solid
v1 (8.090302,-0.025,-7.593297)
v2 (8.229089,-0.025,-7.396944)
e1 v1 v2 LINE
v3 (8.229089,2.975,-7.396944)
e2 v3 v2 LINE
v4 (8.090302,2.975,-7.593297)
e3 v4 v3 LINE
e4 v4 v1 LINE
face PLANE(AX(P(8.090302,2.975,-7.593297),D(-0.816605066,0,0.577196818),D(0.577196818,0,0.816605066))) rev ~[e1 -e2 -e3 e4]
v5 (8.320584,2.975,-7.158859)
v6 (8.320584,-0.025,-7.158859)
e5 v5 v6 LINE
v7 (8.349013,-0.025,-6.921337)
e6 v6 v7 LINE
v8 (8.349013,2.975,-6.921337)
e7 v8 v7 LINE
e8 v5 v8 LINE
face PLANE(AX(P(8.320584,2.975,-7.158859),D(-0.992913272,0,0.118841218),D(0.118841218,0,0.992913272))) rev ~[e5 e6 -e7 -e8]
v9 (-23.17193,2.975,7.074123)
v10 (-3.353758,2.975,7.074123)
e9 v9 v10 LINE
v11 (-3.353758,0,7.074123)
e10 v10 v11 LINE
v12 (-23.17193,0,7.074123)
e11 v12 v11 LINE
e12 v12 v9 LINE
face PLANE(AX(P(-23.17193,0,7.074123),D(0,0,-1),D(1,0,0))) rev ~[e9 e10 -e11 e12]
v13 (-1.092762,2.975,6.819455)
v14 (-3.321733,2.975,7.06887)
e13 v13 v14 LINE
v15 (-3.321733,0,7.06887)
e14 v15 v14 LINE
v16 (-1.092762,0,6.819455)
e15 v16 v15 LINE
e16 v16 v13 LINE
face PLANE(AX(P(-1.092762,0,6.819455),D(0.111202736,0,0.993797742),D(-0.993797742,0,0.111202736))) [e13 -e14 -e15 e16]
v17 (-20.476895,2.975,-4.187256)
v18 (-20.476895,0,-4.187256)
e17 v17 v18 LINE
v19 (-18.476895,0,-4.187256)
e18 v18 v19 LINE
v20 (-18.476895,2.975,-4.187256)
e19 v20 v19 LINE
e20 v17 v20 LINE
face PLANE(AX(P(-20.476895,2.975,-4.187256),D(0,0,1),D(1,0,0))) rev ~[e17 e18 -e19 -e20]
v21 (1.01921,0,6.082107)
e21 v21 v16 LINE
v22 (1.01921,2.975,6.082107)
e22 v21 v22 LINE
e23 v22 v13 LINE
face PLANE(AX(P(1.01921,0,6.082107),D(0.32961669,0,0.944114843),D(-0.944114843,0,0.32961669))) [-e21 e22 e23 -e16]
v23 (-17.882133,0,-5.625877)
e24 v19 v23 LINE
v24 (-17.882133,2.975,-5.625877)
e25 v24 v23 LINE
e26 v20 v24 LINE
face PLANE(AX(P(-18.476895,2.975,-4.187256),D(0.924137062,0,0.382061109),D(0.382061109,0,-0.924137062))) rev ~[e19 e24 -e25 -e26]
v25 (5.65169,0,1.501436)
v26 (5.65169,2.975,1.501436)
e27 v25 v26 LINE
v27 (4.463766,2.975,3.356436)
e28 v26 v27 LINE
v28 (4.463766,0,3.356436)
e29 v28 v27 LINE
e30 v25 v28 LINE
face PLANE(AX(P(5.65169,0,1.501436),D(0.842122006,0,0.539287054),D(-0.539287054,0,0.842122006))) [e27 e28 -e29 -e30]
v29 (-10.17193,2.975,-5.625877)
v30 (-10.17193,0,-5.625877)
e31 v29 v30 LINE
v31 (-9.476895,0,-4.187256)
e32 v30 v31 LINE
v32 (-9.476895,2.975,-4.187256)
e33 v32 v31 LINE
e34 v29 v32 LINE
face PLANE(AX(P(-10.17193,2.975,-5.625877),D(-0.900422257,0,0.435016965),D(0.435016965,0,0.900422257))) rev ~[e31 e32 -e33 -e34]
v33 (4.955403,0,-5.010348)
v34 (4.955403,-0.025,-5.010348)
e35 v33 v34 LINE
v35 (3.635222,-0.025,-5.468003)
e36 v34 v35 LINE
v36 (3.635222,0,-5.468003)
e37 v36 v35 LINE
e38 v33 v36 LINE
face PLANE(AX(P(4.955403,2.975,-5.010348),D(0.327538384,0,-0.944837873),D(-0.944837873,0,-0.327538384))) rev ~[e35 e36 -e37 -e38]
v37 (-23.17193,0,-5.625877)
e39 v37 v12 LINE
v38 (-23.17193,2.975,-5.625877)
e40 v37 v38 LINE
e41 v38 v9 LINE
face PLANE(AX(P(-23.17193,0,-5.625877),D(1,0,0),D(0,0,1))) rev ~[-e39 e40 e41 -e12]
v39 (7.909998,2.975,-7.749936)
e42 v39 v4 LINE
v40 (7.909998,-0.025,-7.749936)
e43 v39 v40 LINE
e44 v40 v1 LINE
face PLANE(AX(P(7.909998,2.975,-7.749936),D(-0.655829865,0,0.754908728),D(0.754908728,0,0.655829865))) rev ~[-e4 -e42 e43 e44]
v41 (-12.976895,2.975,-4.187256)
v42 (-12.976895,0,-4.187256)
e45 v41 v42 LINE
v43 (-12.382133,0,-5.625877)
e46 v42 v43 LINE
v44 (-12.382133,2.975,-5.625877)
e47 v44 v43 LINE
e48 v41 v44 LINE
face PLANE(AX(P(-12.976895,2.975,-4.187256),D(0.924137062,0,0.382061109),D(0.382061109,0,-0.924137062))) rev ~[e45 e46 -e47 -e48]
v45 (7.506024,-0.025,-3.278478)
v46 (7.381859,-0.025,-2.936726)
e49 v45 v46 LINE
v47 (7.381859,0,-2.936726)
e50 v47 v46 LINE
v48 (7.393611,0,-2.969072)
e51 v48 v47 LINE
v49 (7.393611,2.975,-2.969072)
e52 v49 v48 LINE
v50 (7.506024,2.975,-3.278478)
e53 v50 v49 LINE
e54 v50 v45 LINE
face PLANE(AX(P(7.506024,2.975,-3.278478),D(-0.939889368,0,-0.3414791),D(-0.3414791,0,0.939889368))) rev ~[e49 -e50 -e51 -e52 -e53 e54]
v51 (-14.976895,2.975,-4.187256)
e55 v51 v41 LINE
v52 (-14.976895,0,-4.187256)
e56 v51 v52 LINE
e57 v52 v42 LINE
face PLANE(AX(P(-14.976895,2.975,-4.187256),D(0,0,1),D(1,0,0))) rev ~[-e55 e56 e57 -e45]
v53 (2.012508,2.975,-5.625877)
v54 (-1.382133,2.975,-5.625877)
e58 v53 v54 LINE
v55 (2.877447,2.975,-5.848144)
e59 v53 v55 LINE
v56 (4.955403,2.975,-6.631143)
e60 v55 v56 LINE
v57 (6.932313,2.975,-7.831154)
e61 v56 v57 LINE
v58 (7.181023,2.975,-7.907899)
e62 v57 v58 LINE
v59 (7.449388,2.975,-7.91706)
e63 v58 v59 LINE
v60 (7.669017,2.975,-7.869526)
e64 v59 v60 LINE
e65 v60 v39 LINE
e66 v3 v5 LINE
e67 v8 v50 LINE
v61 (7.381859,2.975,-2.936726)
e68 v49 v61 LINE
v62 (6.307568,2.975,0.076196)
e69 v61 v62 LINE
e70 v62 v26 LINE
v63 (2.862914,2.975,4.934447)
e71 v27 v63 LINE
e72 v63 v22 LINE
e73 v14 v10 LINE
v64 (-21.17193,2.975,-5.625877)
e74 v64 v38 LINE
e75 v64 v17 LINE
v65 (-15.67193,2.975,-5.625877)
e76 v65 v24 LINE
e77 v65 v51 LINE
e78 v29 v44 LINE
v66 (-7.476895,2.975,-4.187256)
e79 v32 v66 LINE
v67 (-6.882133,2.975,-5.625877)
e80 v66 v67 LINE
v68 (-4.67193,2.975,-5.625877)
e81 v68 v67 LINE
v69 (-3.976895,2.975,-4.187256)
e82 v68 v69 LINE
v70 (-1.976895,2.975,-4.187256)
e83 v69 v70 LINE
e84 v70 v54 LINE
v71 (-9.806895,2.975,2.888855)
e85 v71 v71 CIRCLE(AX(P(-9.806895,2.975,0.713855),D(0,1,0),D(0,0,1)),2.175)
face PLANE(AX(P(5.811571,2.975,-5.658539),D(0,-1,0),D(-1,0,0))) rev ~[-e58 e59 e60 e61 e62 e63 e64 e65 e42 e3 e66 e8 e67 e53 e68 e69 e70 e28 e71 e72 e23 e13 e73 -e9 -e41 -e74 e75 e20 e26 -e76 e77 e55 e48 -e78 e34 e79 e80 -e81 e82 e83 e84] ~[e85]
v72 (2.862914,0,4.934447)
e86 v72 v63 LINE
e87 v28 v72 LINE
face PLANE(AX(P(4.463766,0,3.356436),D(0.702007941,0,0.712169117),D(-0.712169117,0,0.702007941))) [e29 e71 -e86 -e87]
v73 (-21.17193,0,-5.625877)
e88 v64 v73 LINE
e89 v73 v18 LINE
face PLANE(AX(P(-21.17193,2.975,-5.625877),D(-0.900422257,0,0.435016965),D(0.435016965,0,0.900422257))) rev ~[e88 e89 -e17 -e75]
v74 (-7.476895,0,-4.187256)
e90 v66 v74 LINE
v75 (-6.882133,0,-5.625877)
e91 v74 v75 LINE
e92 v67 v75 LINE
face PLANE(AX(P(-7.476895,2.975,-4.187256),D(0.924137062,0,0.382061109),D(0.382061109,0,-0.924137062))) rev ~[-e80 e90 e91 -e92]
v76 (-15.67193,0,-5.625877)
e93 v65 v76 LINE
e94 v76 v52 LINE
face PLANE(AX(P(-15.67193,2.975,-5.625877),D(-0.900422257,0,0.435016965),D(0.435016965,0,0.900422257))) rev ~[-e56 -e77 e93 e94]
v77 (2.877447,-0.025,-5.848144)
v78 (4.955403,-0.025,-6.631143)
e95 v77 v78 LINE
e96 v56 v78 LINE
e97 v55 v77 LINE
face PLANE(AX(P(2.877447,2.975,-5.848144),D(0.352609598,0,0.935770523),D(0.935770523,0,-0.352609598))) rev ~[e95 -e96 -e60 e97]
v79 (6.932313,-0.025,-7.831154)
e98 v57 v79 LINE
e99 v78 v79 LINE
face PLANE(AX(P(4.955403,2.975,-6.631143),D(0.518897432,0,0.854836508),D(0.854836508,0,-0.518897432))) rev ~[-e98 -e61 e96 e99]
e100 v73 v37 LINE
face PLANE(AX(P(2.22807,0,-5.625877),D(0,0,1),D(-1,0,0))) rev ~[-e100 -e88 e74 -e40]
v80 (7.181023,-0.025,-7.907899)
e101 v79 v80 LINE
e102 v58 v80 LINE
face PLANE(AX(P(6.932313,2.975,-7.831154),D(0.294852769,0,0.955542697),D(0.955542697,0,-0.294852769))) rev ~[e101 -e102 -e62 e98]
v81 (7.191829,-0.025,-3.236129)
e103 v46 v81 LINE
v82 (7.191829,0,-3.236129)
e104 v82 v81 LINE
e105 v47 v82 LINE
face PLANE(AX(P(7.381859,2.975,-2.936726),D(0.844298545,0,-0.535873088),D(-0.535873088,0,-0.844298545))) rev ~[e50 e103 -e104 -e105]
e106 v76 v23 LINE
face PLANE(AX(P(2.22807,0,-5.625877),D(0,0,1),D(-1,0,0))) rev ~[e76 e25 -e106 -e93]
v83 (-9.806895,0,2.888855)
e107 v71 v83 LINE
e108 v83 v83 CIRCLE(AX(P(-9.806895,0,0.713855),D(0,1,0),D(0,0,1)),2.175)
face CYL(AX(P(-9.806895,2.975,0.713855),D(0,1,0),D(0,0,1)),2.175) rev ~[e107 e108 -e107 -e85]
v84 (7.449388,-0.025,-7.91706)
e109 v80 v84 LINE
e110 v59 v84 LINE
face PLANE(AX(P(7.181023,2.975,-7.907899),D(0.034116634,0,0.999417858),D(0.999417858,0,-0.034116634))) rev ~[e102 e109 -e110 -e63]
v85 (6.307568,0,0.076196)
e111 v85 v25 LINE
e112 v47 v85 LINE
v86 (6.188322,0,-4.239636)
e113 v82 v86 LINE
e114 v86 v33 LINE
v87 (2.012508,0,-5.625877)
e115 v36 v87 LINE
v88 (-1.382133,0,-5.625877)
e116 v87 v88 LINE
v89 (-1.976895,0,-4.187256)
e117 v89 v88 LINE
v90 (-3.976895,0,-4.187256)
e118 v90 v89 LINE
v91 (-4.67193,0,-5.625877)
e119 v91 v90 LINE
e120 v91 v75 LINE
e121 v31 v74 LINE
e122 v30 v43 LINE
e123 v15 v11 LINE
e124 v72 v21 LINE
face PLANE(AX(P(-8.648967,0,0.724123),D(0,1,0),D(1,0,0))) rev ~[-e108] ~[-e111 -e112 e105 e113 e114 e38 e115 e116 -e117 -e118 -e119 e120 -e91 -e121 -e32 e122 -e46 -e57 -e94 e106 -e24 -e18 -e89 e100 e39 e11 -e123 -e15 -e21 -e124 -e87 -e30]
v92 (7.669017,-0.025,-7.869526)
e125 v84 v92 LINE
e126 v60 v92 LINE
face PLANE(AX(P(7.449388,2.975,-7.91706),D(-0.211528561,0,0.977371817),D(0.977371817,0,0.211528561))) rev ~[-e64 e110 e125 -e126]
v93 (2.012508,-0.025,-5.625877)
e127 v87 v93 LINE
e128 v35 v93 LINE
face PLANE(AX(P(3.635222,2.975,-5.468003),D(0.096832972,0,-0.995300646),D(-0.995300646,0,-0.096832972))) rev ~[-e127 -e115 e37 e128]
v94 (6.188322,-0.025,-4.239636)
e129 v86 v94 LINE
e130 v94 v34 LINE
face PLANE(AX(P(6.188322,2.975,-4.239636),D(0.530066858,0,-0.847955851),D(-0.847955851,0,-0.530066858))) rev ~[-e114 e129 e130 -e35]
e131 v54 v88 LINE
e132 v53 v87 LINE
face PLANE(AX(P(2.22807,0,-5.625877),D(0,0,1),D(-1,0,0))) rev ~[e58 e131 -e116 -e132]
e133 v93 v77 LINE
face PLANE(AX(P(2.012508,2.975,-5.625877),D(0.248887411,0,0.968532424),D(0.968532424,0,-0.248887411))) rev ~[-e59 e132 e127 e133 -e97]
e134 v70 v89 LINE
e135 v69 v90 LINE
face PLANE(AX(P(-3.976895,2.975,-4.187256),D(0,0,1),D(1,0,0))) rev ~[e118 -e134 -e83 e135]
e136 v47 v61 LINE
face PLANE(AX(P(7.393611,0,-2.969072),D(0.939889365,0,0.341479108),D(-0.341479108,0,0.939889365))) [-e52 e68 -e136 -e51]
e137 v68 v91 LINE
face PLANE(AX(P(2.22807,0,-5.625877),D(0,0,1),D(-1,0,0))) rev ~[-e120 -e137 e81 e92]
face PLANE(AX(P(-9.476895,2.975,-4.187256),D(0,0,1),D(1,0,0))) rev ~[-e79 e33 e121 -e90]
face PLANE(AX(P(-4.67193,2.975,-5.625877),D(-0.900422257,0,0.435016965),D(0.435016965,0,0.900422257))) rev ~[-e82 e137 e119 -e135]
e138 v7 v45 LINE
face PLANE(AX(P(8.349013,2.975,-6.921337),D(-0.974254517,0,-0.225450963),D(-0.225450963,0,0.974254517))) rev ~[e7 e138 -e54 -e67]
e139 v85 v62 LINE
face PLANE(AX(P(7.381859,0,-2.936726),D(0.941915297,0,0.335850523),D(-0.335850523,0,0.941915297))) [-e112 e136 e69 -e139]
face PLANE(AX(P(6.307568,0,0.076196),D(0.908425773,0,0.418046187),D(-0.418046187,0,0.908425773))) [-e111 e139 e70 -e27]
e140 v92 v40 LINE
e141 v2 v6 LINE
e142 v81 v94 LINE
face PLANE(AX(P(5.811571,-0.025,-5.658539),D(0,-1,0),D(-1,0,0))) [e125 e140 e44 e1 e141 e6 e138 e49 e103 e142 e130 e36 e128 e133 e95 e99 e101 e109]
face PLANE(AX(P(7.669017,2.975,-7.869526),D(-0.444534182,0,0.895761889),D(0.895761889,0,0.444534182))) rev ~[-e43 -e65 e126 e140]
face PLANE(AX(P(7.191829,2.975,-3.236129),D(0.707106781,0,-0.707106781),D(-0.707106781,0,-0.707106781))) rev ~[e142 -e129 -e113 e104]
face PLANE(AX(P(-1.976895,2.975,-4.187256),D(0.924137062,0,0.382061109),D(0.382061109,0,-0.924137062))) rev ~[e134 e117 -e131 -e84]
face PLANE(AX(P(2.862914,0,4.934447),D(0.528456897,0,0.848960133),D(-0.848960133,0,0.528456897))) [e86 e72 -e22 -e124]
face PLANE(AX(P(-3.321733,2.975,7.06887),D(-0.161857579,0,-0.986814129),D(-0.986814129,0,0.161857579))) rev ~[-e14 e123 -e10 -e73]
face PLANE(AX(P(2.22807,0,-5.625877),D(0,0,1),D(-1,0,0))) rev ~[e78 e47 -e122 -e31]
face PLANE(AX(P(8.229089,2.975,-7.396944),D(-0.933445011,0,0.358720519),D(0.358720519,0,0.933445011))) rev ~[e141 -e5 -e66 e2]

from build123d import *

# Parameters (mm, degrees)
BOSS_EXTRUDE1_DEPTH = 2.975
SKETCH3_R           = 2.175
CUT_EXTRUDE1_DEPTH  = 10
BOSS_EXTRUDE2_DEPTH = 3
CUT_EXTRUDE4_DEPTH  = 3
CUT_EXTRUDE5_DEPTH  = 3
CUT_EXTRUDE6_DEPTH  = 3
CUT_EXTRUDE7_DEPTH  = 3


with BuildPart() as part:
    # Sketch1 → Boss-Extrude1 (new body)
    with BuildSketch(Plane(origin=(0, 0, 0), x_dir=(1, 0, 0), z_dir=(0, 1, 0))):
        with BuildLine():
            Line((-23.171929825, 5.625877193), (-23.171929825, -7.074122807))
            Line((-23.171929825, -7.074122807), (2.228070175, -7.074122807))
            ThreePointArc((2.228070175, -7.074122807), (8.578070175, -0.724122807), (2.228070175, 5.625877193))
            Line((2.228070175, 5.625877193), (-23.171929825, 5.625877193))
        make_face()
    extrude(amount=BOSS_EXTRUDE1_DEPTH)

    # Sketch3 → Cut-Extrude1 (cut)
    with BuildSketch(Plane(origin=(0, 2.975, 0), x_dir=(1, 0, 0), z_dir=(0, 1, 0))):
        Polygon((-17.882133224, 5.625877193), (-21.171929825, 5.625877193), (-20.476894991, 4.187255521), (-18.476894991, 4.187255521), align=None)
        Polygon((-12.382133224, 5.625877193), (-15.671929825, 5.625877193), (-14.976894991, 4.187255521), (-12.976894991, 4.187255521), align=None)
        Polygon((-6.882133224, 5.625877193), (-10.171929825, 5.625877193), (-9.476894991, 4.187255521), (-7.476894991, 4.187255521), align=None)
        Polygon((-1.382133224, 5.625877193), (-4.671929825, 5.625877193), (-3.976894991, 4.187255521), (-1.976894991, 4.187255521), align=None)
        with Locations(Location((-9.806894991, -0.713854538, 0), (0, 0, 270))):
            Circle(SKETCH3_R)
    extrude(amount=-CUT_EXTRUDE1_DEPTH, mode=Mode.SUBTRACT)

    # Sketch4 → Boss-Extrude2 (add)
    with BuildSketch(Plane(origin=(0, 2.975, 0), x_dir=(1, 0, 0), z_dir=(0, 1, 0))):
        Polygon((2.012508497, 5.625877193), (2.877447204, 5.848143738), (4.955403332, 6.631142622), (6.932313313, 7.831153974), (7.181023471, 7.907898717), (7.449388225, 7.917059752), (7.669017249, 7.869526346), (7.909998428, 7.749936115), (8.090301913, 7.593296768), (8.229089145, 7.396943716), (8.320584378, 7.15885929), (8.349013293, 6.921336926), (7.506024116, 3.278478183), (7.381859278, 2.936726049), (7.191829205, 3.236129243), (6.188322225, 4.239636223), (4.955403332, 5.010347862), (3.635222185, 5.468003098), align=None)
    extrude(amount=-BOSS_EXTRUDE2_DEPTH)

    # Sketch5 → Cut-Extrude4 (cut)
    with BuildSketch(Plane.XZ):
        Polygon((7.381859278, -2.936726049), (6.307567975, 0.076195893), (5.651690171, 1.50143626), (4.463765556, 3.356436211), (2.862913669, 4.934447261), (1.01921029, 6.082107474), (-1.092761509, 6.819455434), (-3.321732513, 7.068870042), (2.228070175, 7.074122807), (3.760260473, 6.886500018), (5.204465919, 6.333362361), (6.48158413, 5.439005525), (7.484091138, 4.287371835), (8.1884819, 2.914098165), (8.543501486, 1.385808052), (8.521355854, -0.122668414), (8.123713387, -1.634667375), (7.393611108, -2.969071864), align=None)
    extrude(amount=-CUT_EXTRUDE4_DEPTH, mode=Mode.SUBTRACT)

    # Sketch8 → Cut-Extrude5 (cut)
    with BuildSketch(Plane.XZ):
        Polygon((7.393611108, -2.969071864), (4.817266947, 7.178326075), (13.149056149, 1.259568719), align=None)
    extrude(amount=-CUT_EXTRUDE5_DEPTH, mode=Mode.SUBTRACT)

    # Sketch9 → Cut-Extrude6 (cut)
    with BuildSketch(Plane(origin=(0, 2.975, 0), x_dir=(1, 0, 0), z_dir=(0, 1, 0))):
        Polygon((-2.812690859, -7.210619116), (5.027177804, -8.631982179), (5.504181298, -6.000955074), align=None)
    extrude(amount=-CUT_EXTRUDE6_DEPTH, mode=Mode.SUBTRACT)

    # Sketch10 → Cut-Extrude7 (cut)
    with BuildSketch(Plane(origin=(0, 2.975, 0), x_dir=(1, 0, 0), z_dir=(0, 1, 0))):
        Polygon((-3.321732513, -7.068870042), (-3.353757598, -7.074122807), (-1.90048619, -7.144223144), (-1.755238834, -7.012343357), align=None)
    extrude(amount=-CUT_EXTRUDE7_DEPTH, mode=Mode.SUBTRACT)


solid = part.part
